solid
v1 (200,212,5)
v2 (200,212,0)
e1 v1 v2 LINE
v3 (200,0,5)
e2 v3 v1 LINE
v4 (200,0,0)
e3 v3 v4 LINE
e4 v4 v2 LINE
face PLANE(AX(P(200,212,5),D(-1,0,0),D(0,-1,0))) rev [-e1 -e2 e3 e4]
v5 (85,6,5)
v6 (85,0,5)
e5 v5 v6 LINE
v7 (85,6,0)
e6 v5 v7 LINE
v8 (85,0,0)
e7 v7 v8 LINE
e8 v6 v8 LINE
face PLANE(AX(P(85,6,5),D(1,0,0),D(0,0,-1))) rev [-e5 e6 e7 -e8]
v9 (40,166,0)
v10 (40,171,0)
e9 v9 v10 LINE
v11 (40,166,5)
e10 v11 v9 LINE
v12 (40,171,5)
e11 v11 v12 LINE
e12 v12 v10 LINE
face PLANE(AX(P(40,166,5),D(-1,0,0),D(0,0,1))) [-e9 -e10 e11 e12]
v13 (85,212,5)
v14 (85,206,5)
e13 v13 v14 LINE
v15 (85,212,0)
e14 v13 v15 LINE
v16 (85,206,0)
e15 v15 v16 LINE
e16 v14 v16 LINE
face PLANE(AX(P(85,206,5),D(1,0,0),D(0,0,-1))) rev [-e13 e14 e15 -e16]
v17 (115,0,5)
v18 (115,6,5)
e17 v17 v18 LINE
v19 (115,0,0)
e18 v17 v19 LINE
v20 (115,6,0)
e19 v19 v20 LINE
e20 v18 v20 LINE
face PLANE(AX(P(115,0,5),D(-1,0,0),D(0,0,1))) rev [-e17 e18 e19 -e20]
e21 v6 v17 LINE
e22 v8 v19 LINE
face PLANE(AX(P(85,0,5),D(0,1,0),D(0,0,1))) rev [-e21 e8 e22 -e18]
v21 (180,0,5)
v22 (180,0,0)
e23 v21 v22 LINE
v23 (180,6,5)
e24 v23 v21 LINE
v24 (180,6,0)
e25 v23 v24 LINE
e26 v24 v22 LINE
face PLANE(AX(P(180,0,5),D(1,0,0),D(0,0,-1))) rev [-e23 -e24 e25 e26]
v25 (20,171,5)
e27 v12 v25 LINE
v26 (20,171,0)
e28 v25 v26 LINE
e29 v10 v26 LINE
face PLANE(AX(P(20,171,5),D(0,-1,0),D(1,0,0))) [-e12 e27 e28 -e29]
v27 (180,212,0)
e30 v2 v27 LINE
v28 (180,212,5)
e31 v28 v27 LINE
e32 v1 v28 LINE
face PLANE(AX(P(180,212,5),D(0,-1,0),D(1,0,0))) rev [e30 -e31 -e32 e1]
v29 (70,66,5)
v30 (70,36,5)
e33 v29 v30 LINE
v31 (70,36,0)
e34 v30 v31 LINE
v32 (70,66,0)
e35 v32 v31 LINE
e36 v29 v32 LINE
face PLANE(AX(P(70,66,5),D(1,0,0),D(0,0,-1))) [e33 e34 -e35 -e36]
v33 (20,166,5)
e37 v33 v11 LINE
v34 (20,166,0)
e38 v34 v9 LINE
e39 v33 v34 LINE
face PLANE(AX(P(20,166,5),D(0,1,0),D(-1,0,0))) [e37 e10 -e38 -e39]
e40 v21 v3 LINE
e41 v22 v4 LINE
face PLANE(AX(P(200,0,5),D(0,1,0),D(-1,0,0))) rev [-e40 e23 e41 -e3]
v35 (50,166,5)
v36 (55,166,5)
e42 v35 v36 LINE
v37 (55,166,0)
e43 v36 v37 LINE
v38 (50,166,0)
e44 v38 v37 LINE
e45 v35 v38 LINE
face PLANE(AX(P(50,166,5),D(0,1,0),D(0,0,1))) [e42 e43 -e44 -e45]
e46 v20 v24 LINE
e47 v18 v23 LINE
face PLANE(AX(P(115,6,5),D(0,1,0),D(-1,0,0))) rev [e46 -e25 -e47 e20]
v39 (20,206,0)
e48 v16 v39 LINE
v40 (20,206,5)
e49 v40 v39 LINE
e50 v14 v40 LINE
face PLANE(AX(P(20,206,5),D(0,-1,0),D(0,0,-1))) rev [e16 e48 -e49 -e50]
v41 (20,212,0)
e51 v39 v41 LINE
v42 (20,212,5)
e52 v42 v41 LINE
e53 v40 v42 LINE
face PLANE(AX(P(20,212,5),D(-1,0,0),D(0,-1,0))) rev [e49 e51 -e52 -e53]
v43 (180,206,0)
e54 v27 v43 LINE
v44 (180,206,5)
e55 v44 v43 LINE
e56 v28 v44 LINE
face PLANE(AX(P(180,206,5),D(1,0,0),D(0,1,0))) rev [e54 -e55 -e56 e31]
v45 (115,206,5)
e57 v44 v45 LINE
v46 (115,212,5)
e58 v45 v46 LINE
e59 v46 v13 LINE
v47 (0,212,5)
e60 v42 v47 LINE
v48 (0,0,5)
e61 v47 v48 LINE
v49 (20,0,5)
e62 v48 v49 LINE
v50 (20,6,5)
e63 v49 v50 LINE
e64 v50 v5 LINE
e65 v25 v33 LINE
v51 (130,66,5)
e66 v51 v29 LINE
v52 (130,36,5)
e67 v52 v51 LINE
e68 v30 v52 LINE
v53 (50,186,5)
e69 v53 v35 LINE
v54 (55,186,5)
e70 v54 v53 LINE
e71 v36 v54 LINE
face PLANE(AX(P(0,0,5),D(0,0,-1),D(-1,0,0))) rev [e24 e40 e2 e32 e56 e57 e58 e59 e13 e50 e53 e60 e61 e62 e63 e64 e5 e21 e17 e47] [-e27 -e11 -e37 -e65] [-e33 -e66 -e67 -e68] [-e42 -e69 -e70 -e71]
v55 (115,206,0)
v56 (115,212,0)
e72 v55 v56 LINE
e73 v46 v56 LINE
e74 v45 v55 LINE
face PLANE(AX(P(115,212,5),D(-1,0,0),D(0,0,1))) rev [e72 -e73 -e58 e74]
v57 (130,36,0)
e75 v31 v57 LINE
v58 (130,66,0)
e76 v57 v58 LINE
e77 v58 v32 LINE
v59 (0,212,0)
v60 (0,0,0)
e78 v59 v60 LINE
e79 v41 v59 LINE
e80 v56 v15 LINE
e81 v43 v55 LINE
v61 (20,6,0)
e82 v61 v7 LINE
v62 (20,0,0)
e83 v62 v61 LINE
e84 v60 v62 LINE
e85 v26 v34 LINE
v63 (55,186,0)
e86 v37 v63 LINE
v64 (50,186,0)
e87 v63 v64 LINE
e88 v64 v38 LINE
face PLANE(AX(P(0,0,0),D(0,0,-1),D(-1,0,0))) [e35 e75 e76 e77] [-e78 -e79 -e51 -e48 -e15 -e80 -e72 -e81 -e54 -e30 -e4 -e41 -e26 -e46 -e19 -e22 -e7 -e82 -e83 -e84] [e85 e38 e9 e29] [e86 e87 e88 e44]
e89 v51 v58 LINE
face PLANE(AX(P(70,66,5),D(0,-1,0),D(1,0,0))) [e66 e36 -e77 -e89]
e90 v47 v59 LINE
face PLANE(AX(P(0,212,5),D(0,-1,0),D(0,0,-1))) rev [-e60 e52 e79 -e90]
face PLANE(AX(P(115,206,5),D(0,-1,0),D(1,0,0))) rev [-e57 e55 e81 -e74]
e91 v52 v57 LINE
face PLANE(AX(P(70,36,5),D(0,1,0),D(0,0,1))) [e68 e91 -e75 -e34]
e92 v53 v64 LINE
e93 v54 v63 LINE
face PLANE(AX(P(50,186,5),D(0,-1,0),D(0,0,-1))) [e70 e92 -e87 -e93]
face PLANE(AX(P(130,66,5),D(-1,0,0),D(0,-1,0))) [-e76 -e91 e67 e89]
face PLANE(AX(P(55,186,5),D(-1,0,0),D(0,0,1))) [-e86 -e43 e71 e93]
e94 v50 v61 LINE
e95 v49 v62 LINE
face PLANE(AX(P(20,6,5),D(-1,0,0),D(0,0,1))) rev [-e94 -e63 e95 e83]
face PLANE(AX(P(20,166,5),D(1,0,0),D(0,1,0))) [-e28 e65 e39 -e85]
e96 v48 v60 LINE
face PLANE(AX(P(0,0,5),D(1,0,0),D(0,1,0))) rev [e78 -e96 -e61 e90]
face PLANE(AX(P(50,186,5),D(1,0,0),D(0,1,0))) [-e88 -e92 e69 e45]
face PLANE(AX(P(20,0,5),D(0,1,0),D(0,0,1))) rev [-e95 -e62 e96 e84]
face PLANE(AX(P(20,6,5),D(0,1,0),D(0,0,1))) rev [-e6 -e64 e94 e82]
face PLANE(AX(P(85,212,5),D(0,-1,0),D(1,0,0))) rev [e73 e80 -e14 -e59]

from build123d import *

# Parameters (mm, degrees)
ESQUISSE1_W        = 60
ESQUISSE1_H        = 30
ESQUISSE1_W_2      = 20
ESQUISSE1_H_2      = 5
ESQUISSE1_W_3      = 5
ESQUISSE1_H_3      = 20
BOSS_EXTRU_1_DEPTH = 5


with BuildPart() as part:
    # Esquisse1 → Boss.-Extru.1 (new body)
    with BuildSketch(Plane.XY):
        Polygon((0, 0), (0, 212), (20, 212), (20, 206), (85, 206), (85, 212), (115, 212), (115, 206), (180, 206), (180, 212), (200, 212), (200, 0), (180, 0), (180, 6), (115, 6), (115, 0), (85, 0), (85, 6), (20, 6), (20, 0), align=None)
        with Locations((100, 51)):
            Rectangle(ESQUISSE1_W, ESQUISSE1_H, mode=Mode.SUBTRACT)
        with Locations((30, 168.5)):
            Rectangle(ESQUISSE1_W_2, ESQUISSE1_H_2, mode=Mode.SUBTRACT)
        with Locations((52.5, 176)):
            Rectangle(ESQUISSE1_W_3, ESQUISSE1_H_3, mode=Mode.SUBTRACT)
    extrude(amount=BOSS_EXTRU_1_DEPTH)


solid = part.part
